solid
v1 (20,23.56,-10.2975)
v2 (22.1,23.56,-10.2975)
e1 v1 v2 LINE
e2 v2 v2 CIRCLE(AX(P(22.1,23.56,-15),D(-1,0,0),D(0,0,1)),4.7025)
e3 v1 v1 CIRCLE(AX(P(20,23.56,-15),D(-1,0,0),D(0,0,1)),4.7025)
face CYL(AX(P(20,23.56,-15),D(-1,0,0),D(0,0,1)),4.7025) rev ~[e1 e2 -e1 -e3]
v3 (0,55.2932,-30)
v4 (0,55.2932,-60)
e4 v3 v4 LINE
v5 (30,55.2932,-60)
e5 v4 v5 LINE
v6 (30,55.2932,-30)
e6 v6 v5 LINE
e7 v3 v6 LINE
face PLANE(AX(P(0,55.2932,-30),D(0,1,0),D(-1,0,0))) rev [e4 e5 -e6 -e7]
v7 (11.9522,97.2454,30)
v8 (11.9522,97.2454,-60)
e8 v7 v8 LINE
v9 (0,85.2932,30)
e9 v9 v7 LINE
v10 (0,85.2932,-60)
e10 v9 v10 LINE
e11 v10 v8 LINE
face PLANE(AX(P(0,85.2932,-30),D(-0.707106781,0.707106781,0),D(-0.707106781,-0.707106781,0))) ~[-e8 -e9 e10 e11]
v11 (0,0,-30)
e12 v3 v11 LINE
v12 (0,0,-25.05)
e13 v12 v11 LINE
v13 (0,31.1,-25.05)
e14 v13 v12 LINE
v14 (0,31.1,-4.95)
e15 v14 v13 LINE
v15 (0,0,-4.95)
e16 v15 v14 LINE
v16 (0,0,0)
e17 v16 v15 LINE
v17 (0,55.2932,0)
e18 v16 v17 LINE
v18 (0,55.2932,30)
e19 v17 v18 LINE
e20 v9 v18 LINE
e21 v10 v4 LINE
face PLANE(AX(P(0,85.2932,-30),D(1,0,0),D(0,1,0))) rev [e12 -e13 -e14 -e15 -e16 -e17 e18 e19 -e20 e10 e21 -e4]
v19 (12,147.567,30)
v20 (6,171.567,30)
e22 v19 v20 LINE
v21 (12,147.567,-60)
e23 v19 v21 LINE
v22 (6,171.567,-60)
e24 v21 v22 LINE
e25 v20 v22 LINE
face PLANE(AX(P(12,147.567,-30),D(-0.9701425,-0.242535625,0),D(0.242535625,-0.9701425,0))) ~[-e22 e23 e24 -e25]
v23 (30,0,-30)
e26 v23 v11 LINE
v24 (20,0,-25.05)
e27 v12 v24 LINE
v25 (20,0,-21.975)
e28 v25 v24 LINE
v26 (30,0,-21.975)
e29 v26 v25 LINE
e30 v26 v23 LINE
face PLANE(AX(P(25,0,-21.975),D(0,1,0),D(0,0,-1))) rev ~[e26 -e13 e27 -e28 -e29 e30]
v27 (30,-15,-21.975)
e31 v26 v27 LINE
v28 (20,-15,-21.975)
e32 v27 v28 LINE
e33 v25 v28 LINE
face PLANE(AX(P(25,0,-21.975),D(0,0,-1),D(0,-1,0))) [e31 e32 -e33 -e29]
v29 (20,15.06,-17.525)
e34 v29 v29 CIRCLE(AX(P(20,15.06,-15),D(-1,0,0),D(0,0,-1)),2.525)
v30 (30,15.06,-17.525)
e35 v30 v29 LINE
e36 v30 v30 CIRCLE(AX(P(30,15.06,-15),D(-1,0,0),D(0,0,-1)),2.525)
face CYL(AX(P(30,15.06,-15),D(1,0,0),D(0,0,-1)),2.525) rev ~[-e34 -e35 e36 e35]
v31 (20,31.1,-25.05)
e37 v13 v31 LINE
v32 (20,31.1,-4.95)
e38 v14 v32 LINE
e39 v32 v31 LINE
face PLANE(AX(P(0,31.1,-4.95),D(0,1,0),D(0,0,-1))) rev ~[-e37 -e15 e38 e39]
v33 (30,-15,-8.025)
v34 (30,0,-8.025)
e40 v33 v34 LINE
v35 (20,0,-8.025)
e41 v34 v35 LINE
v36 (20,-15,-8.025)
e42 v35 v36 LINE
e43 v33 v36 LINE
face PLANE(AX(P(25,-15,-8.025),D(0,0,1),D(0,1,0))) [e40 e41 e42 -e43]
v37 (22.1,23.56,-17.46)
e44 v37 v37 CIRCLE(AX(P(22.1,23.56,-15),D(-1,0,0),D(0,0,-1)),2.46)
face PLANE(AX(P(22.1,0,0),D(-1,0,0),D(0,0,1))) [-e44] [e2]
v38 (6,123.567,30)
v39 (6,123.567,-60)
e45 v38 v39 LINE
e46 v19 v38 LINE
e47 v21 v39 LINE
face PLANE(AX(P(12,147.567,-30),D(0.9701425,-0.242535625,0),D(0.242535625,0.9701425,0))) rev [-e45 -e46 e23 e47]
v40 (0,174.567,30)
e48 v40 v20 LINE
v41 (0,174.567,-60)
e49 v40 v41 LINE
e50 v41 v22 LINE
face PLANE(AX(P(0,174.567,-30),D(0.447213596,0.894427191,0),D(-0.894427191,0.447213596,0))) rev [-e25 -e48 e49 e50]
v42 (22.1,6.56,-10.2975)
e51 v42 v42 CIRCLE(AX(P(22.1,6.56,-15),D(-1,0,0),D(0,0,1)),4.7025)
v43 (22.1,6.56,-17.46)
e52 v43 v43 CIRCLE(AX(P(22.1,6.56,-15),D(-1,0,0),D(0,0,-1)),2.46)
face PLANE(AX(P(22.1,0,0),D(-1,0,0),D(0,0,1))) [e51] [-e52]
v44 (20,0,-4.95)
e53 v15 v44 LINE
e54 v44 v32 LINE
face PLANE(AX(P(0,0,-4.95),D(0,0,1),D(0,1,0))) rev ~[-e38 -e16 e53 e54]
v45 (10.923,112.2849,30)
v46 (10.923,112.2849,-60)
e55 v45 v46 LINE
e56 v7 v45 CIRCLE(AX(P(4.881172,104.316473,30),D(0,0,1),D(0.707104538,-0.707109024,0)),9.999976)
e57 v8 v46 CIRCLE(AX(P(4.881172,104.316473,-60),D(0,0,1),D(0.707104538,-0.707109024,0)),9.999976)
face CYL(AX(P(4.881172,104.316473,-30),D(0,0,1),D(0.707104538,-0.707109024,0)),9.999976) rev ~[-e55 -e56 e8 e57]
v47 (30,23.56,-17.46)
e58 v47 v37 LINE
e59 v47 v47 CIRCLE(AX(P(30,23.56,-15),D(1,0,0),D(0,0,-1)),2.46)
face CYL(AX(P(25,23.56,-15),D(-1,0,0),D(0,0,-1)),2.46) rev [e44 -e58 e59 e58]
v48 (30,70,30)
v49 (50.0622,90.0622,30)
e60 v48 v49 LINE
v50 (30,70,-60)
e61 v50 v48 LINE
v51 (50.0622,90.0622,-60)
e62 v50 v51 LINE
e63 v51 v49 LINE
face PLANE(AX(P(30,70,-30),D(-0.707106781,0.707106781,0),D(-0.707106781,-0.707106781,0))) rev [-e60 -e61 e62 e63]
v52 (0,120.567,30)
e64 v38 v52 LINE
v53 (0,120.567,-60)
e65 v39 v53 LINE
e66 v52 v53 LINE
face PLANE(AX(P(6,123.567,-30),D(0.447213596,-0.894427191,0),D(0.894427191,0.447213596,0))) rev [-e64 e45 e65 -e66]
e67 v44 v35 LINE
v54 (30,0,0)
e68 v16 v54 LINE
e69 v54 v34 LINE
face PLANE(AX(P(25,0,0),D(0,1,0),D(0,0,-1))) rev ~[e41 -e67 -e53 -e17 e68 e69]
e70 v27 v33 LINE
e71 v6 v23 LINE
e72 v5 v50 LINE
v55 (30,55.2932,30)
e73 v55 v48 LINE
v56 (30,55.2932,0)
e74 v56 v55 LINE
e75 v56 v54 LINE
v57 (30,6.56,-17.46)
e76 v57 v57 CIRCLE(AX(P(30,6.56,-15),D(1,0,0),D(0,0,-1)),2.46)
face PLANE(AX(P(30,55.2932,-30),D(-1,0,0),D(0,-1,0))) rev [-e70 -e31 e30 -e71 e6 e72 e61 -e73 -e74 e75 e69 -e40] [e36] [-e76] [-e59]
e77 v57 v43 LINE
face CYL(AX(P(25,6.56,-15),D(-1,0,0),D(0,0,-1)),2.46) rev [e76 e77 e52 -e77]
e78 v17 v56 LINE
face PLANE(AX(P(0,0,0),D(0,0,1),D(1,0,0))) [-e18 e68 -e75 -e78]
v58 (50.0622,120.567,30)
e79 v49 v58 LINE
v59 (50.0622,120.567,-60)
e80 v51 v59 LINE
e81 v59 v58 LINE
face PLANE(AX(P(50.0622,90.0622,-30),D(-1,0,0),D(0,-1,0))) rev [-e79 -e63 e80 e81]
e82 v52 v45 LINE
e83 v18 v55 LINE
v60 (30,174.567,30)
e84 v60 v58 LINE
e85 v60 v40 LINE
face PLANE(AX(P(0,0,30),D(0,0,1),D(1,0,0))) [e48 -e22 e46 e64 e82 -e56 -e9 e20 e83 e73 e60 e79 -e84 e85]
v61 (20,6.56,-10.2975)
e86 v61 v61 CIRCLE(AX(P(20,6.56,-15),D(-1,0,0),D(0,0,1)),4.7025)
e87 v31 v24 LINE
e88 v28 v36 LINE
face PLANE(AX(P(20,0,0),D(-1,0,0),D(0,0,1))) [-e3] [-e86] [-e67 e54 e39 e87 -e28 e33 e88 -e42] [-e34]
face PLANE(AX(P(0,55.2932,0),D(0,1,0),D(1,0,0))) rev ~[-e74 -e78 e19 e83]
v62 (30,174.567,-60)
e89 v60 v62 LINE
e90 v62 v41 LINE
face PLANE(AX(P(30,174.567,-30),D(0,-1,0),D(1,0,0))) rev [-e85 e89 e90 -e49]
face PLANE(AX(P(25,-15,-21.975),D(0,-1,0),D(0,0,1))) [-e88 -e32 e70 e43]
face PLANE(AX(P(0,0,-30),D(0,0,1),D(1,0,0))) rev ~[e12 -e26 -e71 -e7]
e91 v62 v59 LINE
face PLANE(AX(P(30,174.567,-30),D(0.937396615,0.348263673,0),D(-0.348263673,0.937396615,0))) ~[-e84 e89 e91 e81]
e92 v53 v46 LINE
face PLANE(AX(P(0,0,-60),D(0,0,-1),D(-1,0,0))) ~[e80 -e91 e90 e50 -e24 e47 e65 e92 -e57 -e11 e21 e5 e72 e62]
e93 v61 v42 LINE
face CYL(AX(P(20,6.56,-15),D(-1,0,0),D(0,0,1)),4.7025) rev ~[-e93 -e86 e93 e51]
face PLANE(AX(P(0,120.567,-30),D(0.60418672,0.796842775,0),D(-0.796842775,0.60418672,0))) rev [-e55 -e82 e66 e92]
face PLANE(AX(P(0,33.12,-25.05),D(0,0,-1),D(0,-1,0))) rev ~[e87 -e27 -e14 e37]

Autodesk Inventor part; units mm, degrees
ref_plane "YZ Plane" through (0, 0, 0) normal (1, 0, 0) x (0, 1, 0)
ref_plane "XZ Plane" through (0, 0, 0) normal (0, 1, 0) x (-1, 0, 0)
sketch "Sketch1" plane through (0, 0, 0) normal (0, 0, 1) x (1, 0, 0)
  line L0 (0, 0) -> (25, 0)
  line L1 (25, 0) -> (25, 40)
  line L2 (25, 40) -> (0, 40)
  line L3 (0, 40) -> (0, 0)
  dimension "d1" = 25
  dimension "d2" = 40
  dimension "d3" = 25
extrude "Extrusion1" add sketch "Sketch1" against normal blind 30
sketch "Sketch2" plane through (25, 0, 0) normal (1, 0, 0) x (0, 0, -1)
  line L0 (0, 0) -> (30, 0) projected
  circle A0 centre (15, 6.56) radius 2.46
extrude "Extrusion2" cut sketch "Sketch2" against normal blind 30
sketch "Sketch3" plane through (0, 0, 0) normal (-1, 0, 0) x (0, 0, 1)
  line L0 (0, 0) -> (-30, 0) projected
  line L1 (-25.05, 0) -> (-4.95, 0)
  line L2 (-4.95, 0) -> (-4.95, 33.12)
  line L3 (-4.95, 33.12) -> (-25.05, 33.12)
  line L4 (-25.05, 33.12) -> (-25.05, 0)
  dimension "d11" = 20.1
extrude "Extrusion3" cut sketch "Sketch3" against normal blind 20
sketch "Sketch4" plane through (0, 0, 0) normal (0, -1, 0) x (1, 0, 0)
  line L0 (20, -4.95) -> (20, -25.05) projected
  line L1 (20, -15) -> (25, -15)
  line L2 (25, 0) -> (25, -30) projected
  line L3 (20, -8.025) -> (25, -8.025)
  line L4 (25, -8.025) -> (25, -21.975)
  line L5 (25, -21.975) -> (20, -21.975)
  line L6 (20, -21.975) -> (20, -8.025)
  line L7 (20, -8.025) -> (25, -21.975) construction
  line L8 (25, -8.025) -> (20, -21.975) construction
  line L9 (25, -12.54) -> (25, -17.46) projected
  point P0 (0, 0)
  point P1 (22.5, -15)
  dimension "d14" = 13.95
extrude "Extrusion4" add sketch "Sketch4" along normal blind 15
sketch "Sketch5" plane through (20, 0, 0) normal (-1, 0, 0) x (0, 0, 1)
  circle A0 centre (-15, 6.56) radius 2.46 projected
  circle A1 centre (-15, 6.56) radius 4.7025
  circle A2 centre (-15, 6.56) radius 2.46 projected
  circle A3 centre (-15, 6.56) radius 2.46
  point P0 (0, 0)
  dimension "d17" = 9.405
extrude "Extrusion5" cut sketch "Sketch5" against normal blind 2.1
sketch "Sketch6" plane through (25, 0, 0) normal (1, 0, 0) x (0, 0, -1)
  circle A0 centre (15, 6.56) radius 4.7025 projected
  line L0 (15, 6.56) -> (15, 23.56)
  circle A1 centre (15, 23.56) radius 2.46
  point P0 (0, 0)
  dimension "d20" = 17
  dimension "d21" = 4.92
extrude "Extrusion6" cut sketch "Sketch6" against normal blind 10 contours A1
sketch "Sketch7" plane through (20, 0, 0) normal (-1, 0, 0) x (0, 0, 1)
  circle A0 centre (-15, 23.56) radius 2.46 projected
  circle A1 centre (-15, 23.56) radius 4.7025
  point P0 (0, 0)
  dimension "d24" = 9.405
extrude "Extrusion7" cut sketch "Sketch7" against normal blind 2.1
sketch "Sketch9" plane through (25, 0, 0) normal (1, 0, 0) x (0, 0, -1)
  circle A0 centre (15, 6.56) radius 2.46 projected
  circle A1 centre (15, 6.56) radius 2.46
  circle A2 centre (15, 23.56) radius 2.46 projected
  circle A3 centre (15, 23.56) radius 2.46
  line L0 (30, 40) -> (30, 0) projected
  line L1 (30, 0) -> (30, 40)
  line L2 (30, 40) -> (0, 40)
  line L3 (0, 40) -> (0, 0)
  line L4 (0, 0) -> (8.025, 0) projected
  line L5 (21.975, 0) -> (21.975, -15)
  line L6 (21.975, -15) -> (8.025, -15)
  line L7 (8.025, -15) -> (8.025, 0)
  line L8 (0, 0) -> (8.025, 0)
  line L9 (21.975, 0) -> (30, 0)
extrude "Extrusion8" add sketch "Sketch9" along normal blind 5
sketch "Sketch10" plane through (0, 40, 0) normal (0, 1, 0) x (1, 0, 0)
  line L0 (0, 30) -> (30, 30) projected
  line L1 (30, 0) -> (0, 0) projected
  line L2 (0, 30) -> (30, 30)
  line L3 (30, 30) -> (30, 0)
  line L4 (30, 0) -> (0, 0)
  line L5 (0, 0) -> (0, 30)
extrude "Extrusion9" add sketch "Sketch10" along normal blind 30
sketch "Sketch12" plane through (30, 0, 0) normal (1, 0, 0) x (0, 0, -1)
  circle A0 centre (15, 6.56) radius 2.46 projected
  line L0 (15, 6.56) -> (15, 15.06)
  circle A1 centre (15, 15.06) radius 2.525
  point P0 (0, 0)
  dimension "d31" = 8.5
  dimension "d33" = 5.05
extrude "Extrusion10" cut sketch "Sketch12" against normal blind 30 contours A1
sketch "Sketch15" plane through (0, 0, -25.05) normal (-1, 0, 0) x (0, 0, 1)
  line L0 (0, 33.12) -> (20.1, 33.12) projected
  line L1 (20.1, 33.12) -> (20.1, 0) projected
  line L2 (0, 33.12) -> (20.1, 33.12)
  line L3 (20.1, 33.12) -> (20.1, 31.1)
  line L4 (20.1, 31.1) -> (0, 31.1)
  line L5 (0, 31.1) -> (0, 33.12)
  point P0 (25.05, 0)
  dimension "d57" = 2.02
extrude "Extrusion13" add sketch "Sketch15" against normal blind 20
sketch "Sketch17" plane through (0, 0, 0) normal (0, 0, 1) x (1, 0, 0)
  line L0 (0, 70) -> (30, 70) projected
  line L1 (30, 70) -> (50.0622, 90.0622)
  line L2 (30, 70) -> (80, 70) construction
  line L3 (11.9522, 97.2454) -> (0, 85.2932)
  line L4 (0, 70) -> (0, 85.2932)
  line L5 (0, 70) -> (0, 0) projected
  line L6 (0, 70) -> (30, 70)
  line L7 (10.923, 112.2849) -> (0, 120.567)
  line L8 (50.0622, 105.3553) -> (50.0622, 120.567)
  line L9 (50.0622, 105.3553) -> (50.0622, 90.0622)
  arc A0 (11.9522, 97.2454) -> (10.923, 112.2849) centre (4.8811, 104.3165) ccw
  line L10 (0, 174.567) -> (30, 174.567)
  line L11 (30, 174.567) -> (50.0622, 120.567)
  line L12 (6, 171.567) -> (0, 174.567)
  line L13 (6, 123.567) -> (0, 120.567)
  line L14 (6, 123.567) -> (12, 147.567)
  line L15 (6, 171.567) -> (12, 147.567)
  dimension "d61" = 45
  dimension "d62" = 32.0271
  dimension "d72" = 10
extrude "Extrusion14" add sketch "Sketch17" against normal blind 30
sketch "Sketch24" plane through (0, 0, 0) normal (0, 0, 1) x (1, 0, 0)
  line L0 (30, 70) -> (50.0622, 90.0622) projected
  line L1 (30, 70) -> (50.0622, 90.0622)
  line L2 (50.0622, 90.0622) -> (50.0622, 120.567) projected
  line L3 (50.0622, 90.0622) -> (50.0622, 120.567)
  line L4 (30, 174.567) -> (50.0622, 120.567) projected
  line L5 (50.0622, 120.567) -> (30, 174.567)
  line L6 (30, 174.567) -> (0, 174.567) projected
  line L7 (30, 174.567) -> (0, 174.567)
  line L8 (0, 174.567) -> (6, 171.567) projected
  line L9 (0, 174.567) -> (6, 171.567)
  line L10 (12, 147.567) -> (6, 171.567) projected
  line L11 (6, 171.567) -> (12, 147.567)
  line L12 (12, 147.567) -> (6, 123.567) projected
  line L13 (12, 147.567) -> (6, 123.567)
  line L14 (6, 123.567) -> (0, 120.567) projected
  line L15 (6, 123.567) -> (0, 120.567)
  line L16 (0, 120.567) -> (10.923, 112.2849) projected
  line L17 (0, 120.567) -> (10.923, 112.2849)
  line L18 (0, 85.2932) -> (11.9522, 97.2454) projected
  line L19 (11.9522, 97.2454) -> (0, 85.2932)
  line L20 (0, 85.2932) -> (0, 55.2932)
  line L21 (0, 0) -> (0, 85.2932) projected
  line L22 (0, 55.2932) -> (30, 55.2932)
  line L23 (30, 0) -> (30, 70) projected
  line L24 (30, 55.2932) -> (30, 70)
  arc A0 (11.9522, 97.2454) -> (10.923, 112.2849) centre (4.8811, 104.3165) ccw
  dimension "d106" = 30
extrude "Extrusion15" add sketch "Sketch24" along normal blind 30
ref_plane "Work Plane1" through (0, 0, -15) normal (0, 0, 1) x (1, 0, 0)
mirror "Mirror1" about plane through (0, 0, -15) normal (0, 0, 1) of "Extrusion15"
properties part number "rec_c_48mm_x_90mm"
